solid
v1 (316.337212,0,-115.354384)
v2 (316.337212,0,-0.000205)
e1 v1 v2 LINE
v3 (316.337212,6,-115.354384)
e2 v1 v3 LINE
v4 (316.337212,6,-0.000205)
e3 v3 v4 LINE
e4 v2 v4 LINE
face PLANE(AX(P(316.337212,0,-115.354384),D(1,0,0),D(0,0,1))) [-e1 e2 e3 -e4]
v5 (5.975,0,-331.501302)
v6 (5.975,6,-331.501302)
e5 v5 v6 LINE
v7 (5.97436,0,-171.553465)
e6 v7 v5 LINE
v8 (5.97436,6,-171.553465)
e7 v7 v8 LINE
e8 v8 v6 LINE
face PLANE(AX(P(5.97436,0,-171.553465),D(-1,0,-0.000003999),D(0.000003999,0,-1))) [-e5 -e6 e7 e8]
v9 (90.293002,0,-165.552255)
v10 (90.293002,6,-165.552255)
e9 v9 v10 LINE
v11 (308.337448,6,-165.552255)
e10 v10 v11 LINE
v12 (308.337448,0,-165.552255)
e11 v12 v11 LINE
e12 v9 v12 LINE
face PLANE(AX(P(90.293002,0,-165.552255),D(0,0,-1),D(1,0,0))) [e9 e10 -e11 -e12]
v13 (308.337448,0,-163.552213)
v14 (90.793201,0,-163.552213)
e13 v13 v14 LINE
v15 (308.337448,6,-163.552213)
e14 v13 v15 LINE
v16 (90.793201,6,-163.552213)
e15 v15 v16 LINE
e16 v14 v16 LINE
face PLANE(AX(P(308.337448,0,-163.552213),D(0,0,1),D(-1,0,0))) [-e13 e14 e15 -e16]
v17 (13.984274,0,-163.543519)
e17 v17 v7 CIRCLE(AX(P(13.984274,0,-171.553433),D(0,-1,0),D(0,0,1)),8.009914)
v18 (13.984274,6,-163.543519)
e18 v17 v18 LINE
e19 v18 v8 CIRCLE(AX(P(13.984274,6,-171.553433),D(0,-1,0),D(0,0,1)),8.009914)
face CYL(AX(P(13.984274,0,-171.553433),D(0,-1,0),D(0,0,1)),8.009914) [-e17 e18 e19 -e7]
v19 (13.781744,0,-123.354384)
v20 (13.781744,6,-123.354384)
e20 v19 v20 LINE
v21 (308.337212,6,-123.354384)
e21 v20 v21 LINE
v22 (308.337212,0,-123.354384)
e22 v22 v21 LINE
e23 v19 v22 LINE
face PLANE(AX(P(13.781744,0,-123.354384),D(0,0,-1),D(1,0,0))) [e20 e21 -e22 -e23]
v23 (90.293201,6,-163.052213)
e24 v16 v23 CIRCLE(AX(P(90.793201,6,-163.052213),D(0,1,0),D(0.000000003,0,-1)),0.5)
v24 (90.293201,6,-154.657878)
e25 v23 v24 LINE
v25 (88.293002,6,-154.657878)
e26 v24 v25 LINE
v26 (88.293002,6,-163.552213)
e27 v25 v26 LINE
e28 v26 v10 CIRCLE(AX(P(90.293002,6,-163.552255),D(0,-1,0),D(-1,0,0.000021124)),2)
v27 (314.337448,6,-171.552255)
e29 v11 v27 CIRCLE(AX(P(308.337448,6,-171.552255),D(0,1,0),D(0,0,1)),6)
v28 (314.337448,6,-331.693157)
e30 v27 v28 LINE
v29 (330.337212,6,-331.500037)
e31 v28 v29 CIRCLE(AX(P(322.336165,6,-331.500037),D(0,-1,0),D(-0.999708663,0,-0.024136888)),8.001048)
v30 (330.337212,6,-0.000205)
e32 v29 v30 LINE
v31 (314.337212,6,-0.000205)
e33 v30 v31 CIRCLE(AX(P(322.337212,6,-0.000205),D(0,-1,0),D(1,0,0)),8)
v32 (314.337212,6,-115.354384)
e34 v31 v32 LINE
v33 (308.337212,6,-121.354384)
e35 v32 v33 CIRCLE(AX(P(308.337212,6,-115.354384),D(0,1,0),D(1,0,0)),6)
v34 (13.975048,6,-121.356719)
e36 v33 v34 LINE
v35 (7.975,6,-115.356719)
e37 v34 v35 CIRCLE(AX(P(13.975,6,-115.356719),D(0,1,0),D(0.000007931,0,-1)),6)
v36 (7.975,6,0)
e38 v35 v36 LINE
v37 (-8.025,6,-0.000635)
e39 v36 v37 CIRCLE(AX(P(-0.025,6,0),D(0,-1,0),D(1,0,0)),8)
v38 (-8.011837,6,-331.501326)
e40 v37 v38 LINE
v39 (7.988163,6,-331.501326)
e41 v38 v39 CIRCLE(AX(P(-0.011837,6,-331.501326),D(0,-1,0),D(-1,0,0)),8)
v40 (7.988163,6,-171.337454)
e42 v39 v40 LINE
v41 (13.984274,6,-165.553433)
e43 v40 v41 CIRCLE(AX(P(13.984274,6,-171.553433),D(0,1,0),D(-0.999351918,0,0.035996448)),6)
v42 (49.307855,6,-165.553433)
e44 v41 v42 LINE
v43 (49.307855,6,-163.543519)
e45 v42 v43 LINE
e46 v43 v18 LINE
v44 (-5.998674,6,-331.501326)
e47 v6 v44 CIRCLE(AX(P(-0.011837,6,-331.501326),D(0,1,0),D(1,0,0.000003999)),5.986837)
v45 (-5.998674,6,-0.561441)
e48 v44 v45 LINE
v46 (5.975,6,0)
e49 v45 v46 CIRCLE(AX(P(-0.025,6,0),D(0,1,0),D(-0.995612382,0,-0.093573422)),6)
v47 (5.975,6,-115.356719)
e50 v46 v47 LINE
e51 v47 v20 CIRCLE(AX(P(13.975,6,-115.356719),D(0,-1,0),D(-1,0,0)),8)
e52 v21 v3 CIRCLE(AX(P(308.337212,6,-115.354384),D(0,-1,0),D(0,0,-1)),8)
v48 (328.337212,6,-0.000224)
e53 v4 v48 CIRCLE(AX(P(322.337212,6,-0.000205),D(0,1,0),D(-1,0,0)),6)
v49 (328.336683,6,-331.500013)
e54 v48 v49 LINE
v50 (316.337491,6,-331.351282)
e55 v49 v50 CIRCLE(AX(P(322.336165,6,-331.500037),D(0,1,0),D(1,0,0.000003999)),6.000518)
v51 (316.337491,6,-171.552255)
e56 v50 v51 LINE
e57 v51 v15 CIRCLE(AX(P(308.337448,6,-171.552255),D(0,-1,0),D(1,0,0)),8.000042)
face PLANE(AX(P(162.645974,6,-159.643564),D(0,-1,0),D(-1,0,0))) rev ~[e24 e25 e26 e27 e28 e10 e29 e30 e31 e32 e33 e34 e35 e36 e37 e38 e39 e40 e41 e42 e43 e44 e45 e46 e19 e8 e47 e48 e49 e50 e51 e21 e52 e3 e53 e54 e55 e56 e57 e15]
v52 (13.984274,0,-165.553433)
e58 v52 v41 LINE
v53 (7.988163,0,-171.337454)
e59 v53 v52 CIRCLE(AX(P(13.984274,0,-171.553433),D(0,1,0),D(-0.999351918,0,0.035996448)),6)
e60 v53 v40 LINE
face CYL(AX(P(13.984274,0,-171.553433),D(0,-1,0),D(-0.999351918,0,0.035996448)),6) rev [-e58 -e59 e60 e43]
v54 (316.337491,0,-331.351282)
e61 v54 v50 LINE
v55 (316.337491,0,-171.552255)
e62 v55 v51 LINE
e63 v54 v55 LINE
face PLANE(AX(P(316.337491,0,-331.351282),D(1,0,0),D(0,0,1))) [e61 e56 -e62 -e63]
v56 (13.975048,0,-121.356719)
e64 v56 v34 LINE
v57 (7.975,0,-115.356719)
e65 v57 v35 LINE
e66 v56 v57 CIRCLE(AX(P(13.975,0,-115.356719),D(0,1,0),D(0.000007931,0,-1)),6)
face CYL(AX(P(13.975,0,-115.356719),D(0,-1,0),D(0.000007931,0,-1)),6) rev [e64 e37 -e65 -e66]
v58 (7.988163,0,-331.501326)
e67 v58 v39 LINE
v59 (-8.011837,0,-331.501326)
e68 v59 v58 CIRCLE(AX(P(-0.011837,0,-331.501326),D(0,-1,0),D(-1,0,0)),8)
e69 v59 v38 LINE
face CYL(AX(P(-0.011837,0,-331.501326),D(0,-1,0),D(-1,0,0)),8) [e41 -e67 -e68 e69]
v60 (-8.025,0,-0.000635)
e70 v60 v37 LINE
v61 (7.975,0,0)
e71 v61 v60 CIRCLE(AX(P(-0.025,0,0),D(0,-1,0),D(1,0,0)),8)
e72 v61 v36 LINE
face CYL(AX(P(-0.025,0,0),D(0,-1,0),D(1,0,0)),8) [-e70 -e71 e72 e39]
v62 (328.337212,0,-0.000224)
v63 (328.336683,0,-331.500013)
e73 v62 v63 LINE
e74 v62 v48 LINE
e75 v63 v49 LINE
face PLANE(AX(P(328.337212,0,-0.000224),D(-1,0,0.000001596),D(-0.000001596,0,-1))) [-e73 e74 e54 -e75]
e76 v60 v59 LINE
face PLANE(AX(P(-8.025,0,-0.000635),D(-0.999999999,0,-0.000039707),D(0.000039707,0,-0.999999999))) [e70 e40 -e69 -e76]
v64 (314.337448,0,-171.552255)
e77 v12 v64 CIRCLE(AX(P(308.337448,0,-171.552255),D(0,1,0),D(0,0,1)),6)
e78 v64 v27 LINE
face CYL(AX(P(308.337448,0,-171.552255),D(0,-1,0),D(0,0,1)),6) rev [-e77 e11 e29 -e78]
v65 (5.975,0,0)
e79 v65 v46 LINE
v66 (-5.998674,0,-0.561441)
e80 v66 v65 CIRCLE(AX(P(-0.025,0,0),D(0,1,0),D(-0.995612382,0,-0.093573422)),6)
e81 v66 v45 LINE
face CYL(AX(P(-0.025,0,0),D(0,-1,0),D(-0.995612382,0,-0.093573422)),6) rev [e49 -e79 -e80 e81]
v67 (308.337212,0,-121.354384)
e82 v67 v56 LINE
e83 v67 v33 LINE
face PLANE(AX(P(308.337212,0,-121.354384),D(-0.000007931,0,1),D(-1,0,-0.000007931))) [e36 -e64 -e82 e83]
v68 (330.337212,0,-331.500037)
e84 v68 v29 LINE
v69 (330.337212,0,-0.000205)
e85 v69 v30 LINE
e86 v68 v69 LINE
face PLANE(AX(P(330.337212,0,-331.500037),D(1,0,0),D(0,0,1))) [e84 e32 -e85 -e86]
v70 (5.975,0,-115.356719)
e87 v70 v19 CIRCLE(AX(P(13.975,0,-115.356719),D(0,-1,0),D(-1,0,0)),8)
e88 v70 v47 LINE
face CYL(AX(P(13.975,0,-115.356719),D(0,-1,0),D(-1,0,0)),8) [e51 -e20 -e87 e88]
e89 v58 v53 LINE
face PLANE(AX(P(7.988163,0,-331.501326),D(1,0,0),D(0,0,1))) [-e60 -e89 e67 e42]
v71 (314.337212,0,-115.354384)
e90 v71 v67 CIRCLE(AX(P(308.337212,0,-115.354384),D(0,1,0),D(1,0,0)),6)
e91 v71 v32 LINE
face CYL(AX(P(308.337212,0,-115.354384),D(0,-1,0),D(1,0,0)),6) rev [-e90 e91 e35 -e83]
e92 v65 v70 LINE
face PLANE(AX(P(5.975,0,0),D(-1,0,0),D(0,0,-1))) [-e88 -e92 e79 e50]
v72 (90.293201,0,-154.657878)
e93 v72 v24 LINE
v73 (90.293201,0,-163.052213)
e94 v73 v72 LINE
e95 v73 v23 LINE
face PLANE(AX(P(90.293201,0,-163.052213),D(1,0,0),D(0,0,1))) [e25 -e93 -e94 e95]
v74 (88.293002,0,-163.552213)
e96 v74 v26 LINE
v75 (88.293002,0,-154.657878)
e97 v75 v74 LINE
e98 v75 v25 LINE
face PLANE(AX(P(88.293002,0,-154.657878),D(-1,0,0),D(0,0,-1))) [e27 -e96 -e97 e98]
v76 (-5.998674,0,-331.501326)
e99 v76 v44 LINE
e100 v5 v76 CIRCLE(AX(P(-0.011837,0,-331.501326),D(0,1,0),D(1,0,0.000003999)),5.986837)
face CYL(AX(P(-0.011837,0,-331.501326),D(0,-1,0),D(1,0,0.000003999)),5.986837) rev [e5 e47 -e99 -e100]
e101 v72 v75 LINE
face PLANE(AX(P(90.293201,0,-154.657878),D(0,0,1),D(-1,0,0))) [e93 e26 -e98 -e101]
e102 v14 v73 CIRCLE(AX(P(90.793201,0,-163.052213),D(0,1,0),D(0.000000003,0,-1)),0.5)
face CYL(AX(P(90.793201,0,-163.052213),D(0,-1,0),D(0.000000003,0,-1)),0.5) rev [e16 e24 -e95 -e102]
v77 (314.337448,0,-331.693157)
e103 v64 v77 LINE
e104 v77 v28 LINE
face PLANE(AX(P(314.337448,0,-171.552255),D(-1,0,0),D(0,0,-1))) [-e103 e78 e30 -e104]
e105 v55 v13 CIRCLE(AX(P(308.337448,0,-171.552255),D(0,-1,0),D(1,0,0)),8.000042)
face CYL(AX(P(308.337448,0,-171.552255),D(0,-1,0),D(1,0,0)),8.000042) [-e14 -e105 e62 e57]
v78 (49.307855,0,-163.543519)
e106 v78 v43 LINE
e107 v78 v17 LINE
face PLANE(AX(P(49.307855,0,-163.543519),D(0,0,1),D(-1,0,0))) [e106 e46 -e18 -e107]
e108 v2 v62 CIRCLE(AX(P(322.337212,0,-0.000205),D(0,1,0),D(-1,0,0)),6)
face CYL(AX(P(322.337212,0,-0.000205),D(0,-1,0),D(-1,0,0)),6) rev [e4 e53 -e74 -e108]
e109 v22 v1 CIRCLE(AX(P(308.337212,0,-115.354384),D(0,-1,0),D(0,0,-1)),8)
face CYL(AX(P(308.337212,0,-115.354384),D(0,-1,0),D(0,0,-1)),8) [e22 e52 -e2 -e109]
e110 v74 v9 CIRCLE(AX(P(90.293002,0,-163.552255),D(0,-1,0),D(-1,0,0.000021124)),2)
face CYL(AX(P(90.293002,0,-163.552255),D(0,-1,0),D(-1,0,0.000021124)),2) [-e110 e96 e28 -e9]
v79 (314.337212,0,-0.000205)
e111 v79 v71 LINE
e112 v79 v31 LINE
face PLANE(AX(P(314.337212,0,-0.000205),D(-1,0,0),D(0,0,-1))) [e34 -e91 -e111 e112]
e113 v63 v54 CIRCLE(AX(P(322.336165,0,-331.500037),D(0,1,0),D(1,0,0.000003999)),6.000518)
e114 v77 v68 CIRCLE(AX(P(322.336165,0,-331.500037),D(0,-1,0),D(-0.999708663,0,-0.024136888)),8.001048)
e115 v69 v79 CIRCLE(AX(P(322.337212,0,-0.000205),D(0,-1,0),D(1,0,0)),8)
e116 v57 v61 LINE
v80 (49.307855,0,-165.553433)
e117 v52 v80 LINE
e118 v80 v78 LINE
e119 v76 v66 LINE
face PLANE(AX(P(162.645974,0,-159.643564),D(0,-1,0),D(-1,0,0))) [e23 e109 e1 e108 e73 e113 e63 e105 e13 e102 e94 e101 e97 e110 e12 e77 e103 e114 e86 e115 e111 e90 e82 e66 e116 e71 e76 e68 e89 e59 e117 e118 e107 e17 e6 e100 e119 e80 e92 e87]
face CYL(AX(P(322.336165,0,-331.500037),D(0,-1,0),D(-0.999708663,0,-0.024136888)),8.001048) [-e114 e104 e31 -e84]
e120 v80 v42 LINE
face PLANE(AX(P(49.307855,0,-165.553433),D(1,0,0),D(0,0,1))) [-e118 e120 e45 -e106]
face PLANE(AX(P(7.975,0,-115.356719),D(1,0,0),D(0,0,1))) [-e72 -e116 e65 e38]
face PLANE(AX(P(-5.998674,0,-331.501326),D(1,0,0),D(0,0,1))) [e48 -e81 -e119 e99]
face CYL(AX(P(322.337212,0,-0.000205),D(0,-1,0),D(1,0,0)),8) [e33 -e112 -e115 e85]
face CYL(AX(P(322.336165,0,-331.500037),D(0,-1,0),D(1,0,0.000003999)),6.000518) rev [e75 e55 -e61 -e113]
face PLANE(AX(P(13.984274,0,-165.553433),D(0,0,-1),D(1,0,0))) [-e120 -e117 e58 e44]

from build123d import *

# Parameters (mm, degrees)
BOSS_EXTRUDE2_DEPTH = 6


with BuildPart() as part:
    # Sketch1 → Boss-Extrude2 (new body)
    with BuildSketch(Plane(origin=(0, 0, 0), x_dir=(1, 0, 0), z_dir=(0, 1, 0))):
        with BuildLine():
            Line((7.988162854, 331.501326389), (7.988162854, 171.337454215))
            ThreePointArc((7.988162854, 171.337454215), (9.818693497, 167.235107296), (13.984274361, 165.553432905))
            Line((13.984274361, 165.553432905), (49.307855037, 165.553432905))
            Line((49.307855037, 165.553432905), (49.307855037, 163.543518894))
            Line((49.307855037, 163.543518894), (13.984274361, 163.543518894))
            ThreePointArc((13.984274361, 163.543518894), (8.320398521, 165.889579716), (5.974360349, 171.553464938))
            Line((5.974360349, 171.553464938), (5.974999998, 331.501302447))
            ThreePointArc((5.974999998, 331.501302447), (-0.011825567, 337.488163533), (-5.998674291, 331.501325605))
            Line((-5.998674291, 331.501325605), (-5.998674291, 0.561440532))
            ThreePointArc((-5.998674291, 0.561440532), (-0.306028697, -5.993414959), (5.975, 0))
            Line((5.975, 0), (5.975, 115.356719051))
            ThreePointArc((5.975, 115.356719051), (8.250227281, 120.944829403), (13.781744328, 123.354384475))
            Line((13.781744328, 123.354384475), (308.33721248, 123.354384475))
            ThreePointArc((308.33721248, 123.354384475), (313.994066729, 121.011238725), (316.33721248, 115.354384475))
            Line((316.33721248, 115.354384475), (316.33721248, 0.000205216))
            ThreePointArc((316.33721248, 0.000205216), (322.337222061, -5.999794784), (328.33721248, 0.000224379))
            Line((328.33721248, 0.000224379), (328.336683355, 331.50001256))
            ThreePointArc((328.336683355, 331.50001256), (322.26179375, 337.500094056), (316.337490676, 331.351281588))
            Line((316.337490676, 331.351281588), (316.337490676, 171.552255024))
            ThreePointArc((316.337490676, 171.552255024), (313.994332551, 165.895370899), (308.337448427, 163.552212774))
            Line((308.337448427, 163.552212774), (90.793200611, 163.552212774))
            ThreePointArc((90.793200611, 163.552212774), (90.43964722, 163.405766165), (90.293200611, 163.052212774))
            Line((90.293200611, 163.052212774), (90.293200611, 157.424591987))
            Line((90.293200611, 157.424591987), (90.293200611, 154.657877928))
            Line((90.293200611, 154.657877928), (88.293002078, 154.657877928))
            Line((88.293002078, 154.657877928), (88.293002078, 157.424591987))
            Line((88.293002078, 157.424591987), (88.293002078, 163.552212774))
            ThreePointArc((88.293002078, 163.552212774), (88.878788516, 164.966468586), (90.293002078, 165.552255024))
            Line((90.293002078, 165.552255024), (308.337448427, 165.552255024))
            ThreePointArc((308.337448427, 165.552255024), (312.580089114, 167.309614337), (314.337448427, 171.552255024))
            Line((314.337448427, 171.552255024), (314.337448427, 331.693156944))
            ThreePointArc((314.337448427, 331.693156944), (322.432732181, 339.500501309), (330.33721248, 331.500036554))
            Line((330.33721248, 331.500036554), (330.33721248, 0.000205216))
            ThreePointArc((330.33721248, 0.000205216), (322.33721248, -7.999794784), (314.33721248, 0.000205216))
            Line((314.33721248, 0.000205216), (314.33721248, 115.354384475))
            ThreePointArc((314.33721248, 115.354384475), (312.579853167, 119.597025163), (308.33721248, 121.354384475))
            Line((308.33721248, 121.354384475), (13.975047586, 121.356719051))
            ThreePointArc((13.975047586, 121.356719051), (9.732376137, 119.599376562), (7.975, 115.356719051))
            Line((7.975, 115.356719051), (7.975, 0))
            ThreePointArc((7.975, 0), (-0.025317655, -7.999999994), (-8.024999975, 0.000635309))
            Line((-8.024999975, 0.000635309), (-8.011837146, 331.501326389))
            ThreePointArc((-8.011837146, 331.501326389), (-0.011837146, 339.501326389), (7.988162854, 331.501326389))
        make_face()
    extrude(amount=BOSS_EXTRUDE2_DEPTH)


solid = part.part
